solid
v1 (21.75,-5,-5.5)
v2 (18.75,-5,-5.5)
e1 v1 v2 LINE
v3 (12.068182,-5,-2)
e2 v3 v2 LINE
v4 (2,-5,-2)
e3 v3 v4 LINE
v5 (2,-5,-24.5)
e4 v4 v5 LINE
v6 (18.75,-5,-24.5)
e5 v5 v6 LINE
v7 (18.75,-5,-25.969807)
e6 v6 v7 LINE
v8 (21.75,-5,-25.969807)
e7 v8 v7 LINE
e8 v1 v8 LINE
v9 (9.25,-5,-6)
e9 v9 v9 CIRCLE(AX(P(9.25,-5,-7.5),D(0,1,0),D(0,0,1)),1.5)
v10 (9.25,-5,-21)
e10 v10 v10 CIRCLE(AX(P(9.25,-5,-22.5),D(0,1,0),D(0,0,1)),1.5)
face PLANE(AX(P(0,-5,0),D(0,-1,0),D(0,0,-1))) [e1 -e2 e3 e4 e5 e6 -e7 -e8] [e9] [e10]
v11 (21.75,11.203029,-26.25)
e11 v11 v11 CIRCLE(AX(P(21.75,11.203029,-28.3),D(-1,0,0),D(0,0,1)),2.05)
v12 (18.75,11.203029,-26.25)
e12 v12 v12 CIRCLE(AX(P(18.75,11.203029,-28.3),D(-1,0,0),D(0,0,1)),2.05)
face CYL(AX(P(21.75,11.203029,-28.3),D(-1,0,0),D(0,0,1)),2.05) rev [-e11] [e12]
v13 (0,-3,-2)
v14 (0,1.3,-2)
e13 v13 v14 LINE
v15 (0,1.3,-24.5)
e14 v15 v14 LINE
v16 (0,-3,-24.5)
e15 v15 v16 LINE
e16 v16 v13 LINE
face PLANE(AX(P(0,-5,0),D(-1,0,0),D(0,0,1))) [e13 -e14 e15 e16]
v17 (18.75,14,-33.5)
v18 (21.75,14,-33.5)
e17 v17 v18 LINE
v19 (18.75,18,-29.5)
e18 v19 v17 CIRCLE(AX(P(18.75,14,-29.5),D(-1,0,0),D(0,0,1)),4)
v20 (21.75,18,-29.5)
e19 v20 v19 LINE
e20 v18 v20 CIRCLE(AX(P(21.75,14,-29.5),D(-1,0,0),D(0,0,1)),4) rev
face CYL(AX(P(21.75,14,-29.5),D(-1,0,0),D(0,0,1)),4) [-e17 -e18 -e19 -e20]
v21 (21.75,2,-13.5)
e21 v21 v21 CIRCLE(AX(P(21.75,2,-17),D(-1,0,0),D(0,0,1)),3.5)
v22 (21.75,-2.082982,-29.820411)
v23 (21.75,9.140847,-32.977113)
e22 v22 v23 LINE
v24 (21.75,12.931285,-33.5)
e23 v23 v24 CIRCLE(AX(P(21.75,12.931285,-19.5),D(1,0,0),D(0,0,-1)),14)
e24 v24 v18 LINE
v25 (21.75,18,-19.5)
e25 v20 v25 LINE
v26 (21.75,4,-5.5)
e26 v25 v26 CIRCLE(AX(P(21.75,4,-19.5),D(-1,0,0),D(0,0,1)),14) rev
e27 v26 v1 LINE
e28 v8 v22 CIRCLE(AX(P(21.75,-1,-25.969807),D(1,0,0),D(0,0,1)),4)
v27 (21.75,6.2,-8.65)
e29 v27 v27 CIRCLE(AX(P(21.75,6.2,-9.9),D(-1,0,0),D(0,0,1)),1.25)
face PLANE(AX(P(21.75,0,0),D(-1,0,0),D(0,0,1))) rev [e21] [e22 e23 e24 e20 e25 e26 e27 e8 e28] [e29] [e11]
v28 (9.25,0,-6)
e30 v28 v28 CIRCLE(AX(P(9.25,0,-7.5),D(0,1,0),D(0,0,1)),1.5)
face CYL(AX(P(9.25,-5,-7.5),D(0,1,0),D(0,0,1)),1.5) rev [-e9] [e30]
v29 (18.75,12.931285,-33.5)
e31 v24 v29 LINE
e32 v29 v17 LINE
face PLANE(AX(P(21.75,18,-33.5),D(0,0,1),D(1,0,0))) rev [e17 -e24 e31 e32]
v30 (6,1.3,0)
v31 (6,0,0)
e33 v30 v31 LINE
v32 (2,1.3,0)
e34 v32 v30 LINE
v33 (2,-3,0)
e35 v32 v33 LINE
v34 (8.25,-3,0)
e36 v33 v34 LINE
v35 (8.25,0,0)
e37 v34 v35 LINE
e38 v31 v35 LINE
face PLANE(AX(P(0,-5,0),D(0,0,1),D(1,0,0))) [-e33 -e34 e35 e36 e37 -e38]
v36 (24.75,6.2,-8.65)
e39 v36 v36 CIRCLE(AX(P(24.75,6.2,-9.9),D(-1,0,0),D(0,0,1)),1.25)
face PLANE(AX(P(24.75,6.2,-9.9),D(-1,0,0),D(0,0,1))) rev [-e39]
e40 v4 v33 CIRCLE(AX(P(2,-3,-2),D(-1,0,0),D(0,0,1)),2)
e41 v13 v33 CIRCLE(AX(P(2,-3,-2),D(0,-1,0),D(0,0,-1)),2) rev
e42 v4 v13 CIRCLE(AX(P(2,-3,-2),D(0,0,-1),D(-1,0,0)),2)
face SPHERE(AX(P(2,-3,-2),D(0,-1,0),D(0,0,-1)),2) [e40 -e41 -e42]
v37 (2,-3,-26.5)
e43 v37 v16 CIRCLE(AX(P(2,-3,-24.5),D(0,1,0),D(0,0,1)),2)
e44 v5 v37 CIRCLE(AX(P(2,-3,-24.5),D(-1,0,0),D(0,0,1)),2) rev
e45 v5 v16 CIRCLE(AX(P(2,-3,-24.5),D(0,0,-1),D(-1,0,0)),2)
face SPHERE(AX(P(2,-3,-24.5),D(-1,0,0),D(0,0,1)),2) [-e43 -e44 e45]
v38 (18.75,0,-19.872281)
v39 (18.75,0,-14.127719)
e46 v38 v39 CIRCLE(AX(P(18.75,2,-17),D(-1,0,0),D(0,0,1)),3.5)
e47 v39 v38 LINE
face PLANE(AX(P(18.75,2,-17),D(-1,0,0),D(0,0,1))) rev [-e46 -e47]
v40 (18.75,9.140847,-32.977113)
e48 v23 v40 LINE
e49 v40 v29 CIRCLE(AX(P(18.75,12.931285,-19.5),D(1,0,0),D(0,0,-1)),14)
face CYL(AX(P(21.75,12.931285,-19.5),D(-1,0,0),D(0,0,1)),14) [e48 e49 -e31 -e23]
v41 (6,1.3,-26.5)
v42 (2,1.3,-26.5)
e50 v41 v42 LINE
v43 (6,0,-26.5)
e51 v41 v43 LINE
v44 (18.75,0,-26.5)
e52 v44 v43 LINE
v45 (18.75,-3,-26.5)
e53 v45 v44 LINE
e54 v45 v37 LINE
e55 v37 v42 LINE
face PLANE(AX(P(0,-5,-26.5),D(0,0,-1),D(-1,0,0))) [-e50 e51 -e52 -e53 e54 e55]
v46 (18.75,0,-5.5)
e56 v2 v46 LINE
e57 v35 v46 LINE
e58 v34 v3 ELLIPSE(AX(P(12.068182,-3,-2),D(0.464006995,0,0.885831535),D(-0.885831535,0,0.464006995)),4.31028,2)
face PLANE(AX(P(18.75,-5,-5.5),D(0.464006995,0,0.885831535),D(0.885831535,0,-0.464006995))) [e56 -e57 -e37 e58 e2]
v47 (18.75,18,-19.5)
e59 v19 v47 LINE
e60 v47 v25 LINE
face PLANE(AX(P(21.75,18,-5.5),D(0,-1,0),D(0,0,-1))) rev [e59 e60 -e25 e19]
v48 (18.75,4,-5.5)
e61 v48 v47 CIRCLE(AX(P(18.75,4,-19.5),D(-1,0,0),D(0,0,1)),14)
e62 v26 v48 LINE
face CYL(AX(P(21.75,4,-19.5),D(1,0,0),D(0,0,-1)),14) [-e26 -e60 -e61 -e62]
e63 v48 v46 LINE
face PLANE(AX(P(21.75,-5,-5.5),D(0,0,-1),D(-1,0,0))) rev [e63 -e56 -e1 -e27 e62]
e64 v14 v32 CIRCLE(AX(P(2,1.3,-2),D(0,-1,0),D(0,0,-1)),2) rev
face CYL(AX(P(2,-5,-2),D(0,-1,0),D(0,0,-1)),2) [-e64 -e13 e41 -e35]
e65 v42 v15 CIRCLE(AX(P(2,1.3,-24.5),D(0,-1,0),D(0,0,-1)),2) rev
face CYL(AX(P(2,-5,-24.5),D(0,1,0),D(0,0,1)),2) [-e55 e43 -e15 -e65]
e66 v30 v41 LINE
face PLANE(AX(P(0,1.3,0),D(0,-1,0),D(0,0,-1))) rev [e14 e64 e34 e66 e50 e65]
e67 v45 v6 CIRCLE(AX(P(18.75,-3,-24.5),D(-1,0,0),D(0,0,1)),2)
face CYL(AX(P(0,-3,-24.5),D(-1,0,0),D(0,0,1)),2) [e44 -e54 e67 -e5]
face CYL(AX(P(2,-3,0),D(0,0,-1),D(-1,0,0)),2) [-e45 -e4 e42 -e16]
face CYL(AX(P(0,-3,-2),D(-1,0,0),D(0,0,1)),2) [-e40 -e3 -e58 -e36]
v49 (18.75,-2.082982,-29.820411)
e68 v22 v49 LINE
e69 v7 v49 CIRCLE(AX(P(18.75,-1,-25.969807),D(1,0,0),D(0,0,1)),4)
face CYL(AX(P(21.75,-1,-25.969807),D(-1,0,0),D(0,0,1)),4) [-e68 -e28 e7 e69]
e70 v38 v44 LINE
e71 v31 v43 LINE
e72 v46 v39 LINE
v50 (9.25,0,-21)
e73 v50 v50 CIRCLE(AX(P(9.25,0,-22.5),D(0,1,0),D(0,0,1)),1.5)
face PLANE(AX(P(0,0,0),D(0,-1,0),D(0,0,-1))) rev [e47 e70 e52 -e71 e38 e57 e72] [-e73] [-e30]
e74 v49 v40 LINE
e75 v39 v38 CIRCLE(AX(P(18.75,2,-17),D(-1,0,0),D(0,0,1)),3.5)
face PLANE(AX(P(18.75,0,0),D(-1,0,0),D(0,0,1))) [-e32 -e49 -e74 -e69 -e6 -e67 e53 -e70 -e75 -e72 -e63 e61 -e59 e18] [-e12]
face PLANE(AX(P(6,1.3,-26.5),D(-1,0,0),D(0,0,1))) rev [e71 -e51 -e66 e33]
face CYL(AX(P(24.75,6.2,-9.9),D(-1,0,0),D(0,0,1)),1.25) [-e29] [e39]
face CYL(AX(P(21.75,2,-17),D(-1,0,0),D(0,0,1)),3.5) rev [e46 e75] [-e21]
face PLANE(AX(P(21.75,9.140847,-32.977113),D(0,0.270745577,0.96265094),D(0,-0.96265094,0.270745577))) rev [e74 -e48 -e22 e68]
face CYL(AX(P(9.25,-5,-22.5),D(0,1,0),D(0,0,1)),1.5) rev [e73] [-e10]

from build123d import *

# Parameters (mm, degrees)
EXTRUDE_1_DEPTH     = 5
SKETCH_2_W          = 28
SKETCH_2_H          = 23
EXTRUDE_2_DEPTH     = 3
SKETCH_3_R          = 1.5
CUT_EXTRUDE_1_DEPTH = 44.809958913
SKETCH_4_R          = 3.5
SKETCH_4_R_2        = 1.25
CUT_EXTRUDE_2_DEPTH = 43.400619099
FILLET_3_R          = 14
FILLET_4_R          = 2
SKETCH_6_W          = 6
SKETCH_6_H          = 26.5
EXTRUDE_3_DEPTH     = 1.3
FILLET_5_R          = 2
FILLET_6_R          = 2
SKETCH_7_R          = 1.25
EXTRUDE_4_DEPTH     = 6
SKETCH_8_W          = 11
SKETCH_8_H          = 3.2
EXTRUDE_5_DEPTH     = 3
SKETCH_10_R         = 2.05
CUT_EXTRUDE_3_DEPTH = 3
CUT_EXTRUDE_4_DEPTH = 3
FILLET_7_R          = 1
FILLET_8_R          = 2
FILLET_9_R          = 2
CUT_EXTRUDE_5_DEPTH = 10
FILLET_10_R         = 4


with BuildPart() as part:
    # 草图1 → 凸台-拉伸1 (new body)
    with BuildSketch(Plane(origin=(0, 0, 0), x_dir=(1, 0, 0), z_dir=(0, 1, 0))):
        Polygon((0, 0), (8.25, 0), (18.75, 5.5), (18.75, 26.5), (0, 26.5), align=None)
    extrude(amount=-EXTRUDE_1_DEPTH)

    # 草图2 → 凸台-拉伸2 (add)
    with BuildSketch(Plane(origin=(18.75, 0, 0), x_dir=(0, 0, -1), z_dir=(1, 0, 0))):
        with Locations((19.5, 6.5)):
            Rectangle(SKETCH_2_W, SKETCH_2_H)
    extrude(amount=EXTRUDE_2_DEPTH)

    # 草图3 → 切除-拉伸1 (cut, through all)
    with BuildSketch(Plane(origin=(0, 0, 0), x_dir=(1, 0, 0), z_dir=(0, 1, 0))):
        with Locations(Location((9.25, 22.5, 0), (0, 0, 270))):
            Circle(SKETCH_3_R)
        with Locations(Location((9.25, 7.5, 0), (0, 0, 270))):
            Circle(SKETCH_3_R)
    extrude(amount=-CUT_EXTRUDE_1_DEPTH, mode=Mode.SUBTRACT)

    # 草图4 → 切除-拉伸2 (cut, through all)
    with BuildSketch(Plane.ZY.offset(-18.75)):
        with Locations((-17, 2)):
            Circle(SKETCH_4_R)
        with Locations((-9.9, 6.2)):
            Circle(SKETCH_4_R_2)
    extrude(amount=-CUT_EXTRUDE_2_DEPTH, mode=Mode.SUBTRACT)

    # 圆角3
    fillet_3_edges = [part.edges().sort_by_distance(p)[0] for p in [
        (20.25, 18, -5.5),
    ]]
    fillet(fillet_3_edges, radius=FILLET_3_R)

    # 圆角4
    fillet_4_edges = [part.edges().sort_by_distance(p)[0] for p in [
        (9.375, -5, -26.5),
    ]]
    fillet(fillet_4_edges, radius=FILLET_4_R)

    # 草图6 → 凸台-拉伸3 (add)
    with BuildSketch(Plane(origin=(0, 0, 0), x_dir=(1, 0, 0), z_dir=(0, 1, 0))):
        with Locations((3, 13.25)):
            Rectangle(SKETCH_6_W, SKETCH_6_H)
    extrude(amount=EXTRUDE_3_DEPTH)

    # 圆角5
    fillet_5_edges = [part.edges().sort_by_distance(p)[0] for p in [
        (0, -1.85, 0),
    ]]
    fillet(fillet_5_edges, radius=FILLET_5_R)

    # 圆角6
    fillet_6_edges = [part.edges().sort_by_distance(p)[0] for p in [
        (0, -0.85, -26.5),
        (0, -5, -13.25),
        (0, -4.414213562, -25.914213562),
        (5.125, -5, 0),
        (0.585786438, -5, -0.585786438),
    ]]
    fillet(fillet_6_edges, radius=FILLET_6_R)

    # 草图7 → 凸台-拉伸4 (add)
    with BuildSketch(Plane.ZY.offset(-18.75)):
        with Locations((-9.9, 6.2)):
            Circle(SKETCH_7_R)
    extrude(amount=-EXTRUDE_4_DEPTH)

    # 草图8 → 凸台-拉伸5 (add)
    with BuildSketch(Plane.ZY.offset(-18.75)):
        with Locations((-28, 19.6)):
            Rectangle(SKETCH_8_W, SKETCH_8_H)
    extrude(amount=-EXTRUDE_5_DEPTH)

    # 草图10 → 切除-拉伸3 (cut)
    with BuildSketch(Plane.ZY.offset(-18.75)):
        with Locations((-28.3, 11.203029343)):
            Circle(SKETCH_10_R)
    extrude(amount=-CUT_EXTRUDE_3_DEPTH, mode=Mode.SUBTRACT)

    # 草图11 → 切除-拉伸4 (cut)
    with BuildSketch(Plane.ZY.offset(-18.75)):
        with BuildLine():
            Line((-32.977113162, 9.140846799), (-29.820411226, -2.082982308))
            ThreePointArc((-29.820411226, -2.082982308), (-28.385182257, -4.188410986), (-25.969807465, -5))
            Line((-25.969807465, -5), (-33.5, -5))
            Line((-33.5, -5), (-33.5, 12.931284876))
            ThreePointArc((-33.5, 12.931284876), (-33.368662233, 11.018117903), (-32.977113162, 9.140846799))
        make_face()
    extrude(amount=-CUT_EXTRUDE_4_DEPTH, mode=Mode.SUBTRACT)

    # 圆角7
    fillet_7_edges = [part.edges().sort_by_distance(p)[0] for p in [
        (20.25, 18, -22.5),
    ]]
    fillet(fillet_7_edges, radius=FILLET_7_R)

    # 圆角8
    fillet_8_edges = [part.edges().sort_by_distance(p)[0] for p in [
        (20.25, 21.2, -22.5),
    ]]
    fillet(fillet_8_edges, radius=FILLET_8_R)

    # 圆角9
    fillet_9_edges = [part.edges().sort_by_distance(p)[0] for p in [
        (20.25, 21.2, -33.5),
    ]]
    fillet(fillet_9_edges, radius=FILLET_9_R)

    # 草图12 → 切除-拉伸5 (cut)
    with BuildSketch(Plane.ZY.offset(-18.75)):
        Polygon((-21.5, 18), (-33.5, 18), (-36.951224722, 21.933704181), (-20.790244944, 21.933704181), align=None)
    extrude(amount=-CUT_EXTRUDE_5_DEPTH, mode=Mode.SUBTRACT)

    # 圆角10
    fillet_10_edges = [part.edges().sort_by_distance(p)[0] for p in [
        (20.25, 18, -33.5),
    ]]
    fillet(fillet_10_edges, radius=FILLET_10_R)


solid = part.part
